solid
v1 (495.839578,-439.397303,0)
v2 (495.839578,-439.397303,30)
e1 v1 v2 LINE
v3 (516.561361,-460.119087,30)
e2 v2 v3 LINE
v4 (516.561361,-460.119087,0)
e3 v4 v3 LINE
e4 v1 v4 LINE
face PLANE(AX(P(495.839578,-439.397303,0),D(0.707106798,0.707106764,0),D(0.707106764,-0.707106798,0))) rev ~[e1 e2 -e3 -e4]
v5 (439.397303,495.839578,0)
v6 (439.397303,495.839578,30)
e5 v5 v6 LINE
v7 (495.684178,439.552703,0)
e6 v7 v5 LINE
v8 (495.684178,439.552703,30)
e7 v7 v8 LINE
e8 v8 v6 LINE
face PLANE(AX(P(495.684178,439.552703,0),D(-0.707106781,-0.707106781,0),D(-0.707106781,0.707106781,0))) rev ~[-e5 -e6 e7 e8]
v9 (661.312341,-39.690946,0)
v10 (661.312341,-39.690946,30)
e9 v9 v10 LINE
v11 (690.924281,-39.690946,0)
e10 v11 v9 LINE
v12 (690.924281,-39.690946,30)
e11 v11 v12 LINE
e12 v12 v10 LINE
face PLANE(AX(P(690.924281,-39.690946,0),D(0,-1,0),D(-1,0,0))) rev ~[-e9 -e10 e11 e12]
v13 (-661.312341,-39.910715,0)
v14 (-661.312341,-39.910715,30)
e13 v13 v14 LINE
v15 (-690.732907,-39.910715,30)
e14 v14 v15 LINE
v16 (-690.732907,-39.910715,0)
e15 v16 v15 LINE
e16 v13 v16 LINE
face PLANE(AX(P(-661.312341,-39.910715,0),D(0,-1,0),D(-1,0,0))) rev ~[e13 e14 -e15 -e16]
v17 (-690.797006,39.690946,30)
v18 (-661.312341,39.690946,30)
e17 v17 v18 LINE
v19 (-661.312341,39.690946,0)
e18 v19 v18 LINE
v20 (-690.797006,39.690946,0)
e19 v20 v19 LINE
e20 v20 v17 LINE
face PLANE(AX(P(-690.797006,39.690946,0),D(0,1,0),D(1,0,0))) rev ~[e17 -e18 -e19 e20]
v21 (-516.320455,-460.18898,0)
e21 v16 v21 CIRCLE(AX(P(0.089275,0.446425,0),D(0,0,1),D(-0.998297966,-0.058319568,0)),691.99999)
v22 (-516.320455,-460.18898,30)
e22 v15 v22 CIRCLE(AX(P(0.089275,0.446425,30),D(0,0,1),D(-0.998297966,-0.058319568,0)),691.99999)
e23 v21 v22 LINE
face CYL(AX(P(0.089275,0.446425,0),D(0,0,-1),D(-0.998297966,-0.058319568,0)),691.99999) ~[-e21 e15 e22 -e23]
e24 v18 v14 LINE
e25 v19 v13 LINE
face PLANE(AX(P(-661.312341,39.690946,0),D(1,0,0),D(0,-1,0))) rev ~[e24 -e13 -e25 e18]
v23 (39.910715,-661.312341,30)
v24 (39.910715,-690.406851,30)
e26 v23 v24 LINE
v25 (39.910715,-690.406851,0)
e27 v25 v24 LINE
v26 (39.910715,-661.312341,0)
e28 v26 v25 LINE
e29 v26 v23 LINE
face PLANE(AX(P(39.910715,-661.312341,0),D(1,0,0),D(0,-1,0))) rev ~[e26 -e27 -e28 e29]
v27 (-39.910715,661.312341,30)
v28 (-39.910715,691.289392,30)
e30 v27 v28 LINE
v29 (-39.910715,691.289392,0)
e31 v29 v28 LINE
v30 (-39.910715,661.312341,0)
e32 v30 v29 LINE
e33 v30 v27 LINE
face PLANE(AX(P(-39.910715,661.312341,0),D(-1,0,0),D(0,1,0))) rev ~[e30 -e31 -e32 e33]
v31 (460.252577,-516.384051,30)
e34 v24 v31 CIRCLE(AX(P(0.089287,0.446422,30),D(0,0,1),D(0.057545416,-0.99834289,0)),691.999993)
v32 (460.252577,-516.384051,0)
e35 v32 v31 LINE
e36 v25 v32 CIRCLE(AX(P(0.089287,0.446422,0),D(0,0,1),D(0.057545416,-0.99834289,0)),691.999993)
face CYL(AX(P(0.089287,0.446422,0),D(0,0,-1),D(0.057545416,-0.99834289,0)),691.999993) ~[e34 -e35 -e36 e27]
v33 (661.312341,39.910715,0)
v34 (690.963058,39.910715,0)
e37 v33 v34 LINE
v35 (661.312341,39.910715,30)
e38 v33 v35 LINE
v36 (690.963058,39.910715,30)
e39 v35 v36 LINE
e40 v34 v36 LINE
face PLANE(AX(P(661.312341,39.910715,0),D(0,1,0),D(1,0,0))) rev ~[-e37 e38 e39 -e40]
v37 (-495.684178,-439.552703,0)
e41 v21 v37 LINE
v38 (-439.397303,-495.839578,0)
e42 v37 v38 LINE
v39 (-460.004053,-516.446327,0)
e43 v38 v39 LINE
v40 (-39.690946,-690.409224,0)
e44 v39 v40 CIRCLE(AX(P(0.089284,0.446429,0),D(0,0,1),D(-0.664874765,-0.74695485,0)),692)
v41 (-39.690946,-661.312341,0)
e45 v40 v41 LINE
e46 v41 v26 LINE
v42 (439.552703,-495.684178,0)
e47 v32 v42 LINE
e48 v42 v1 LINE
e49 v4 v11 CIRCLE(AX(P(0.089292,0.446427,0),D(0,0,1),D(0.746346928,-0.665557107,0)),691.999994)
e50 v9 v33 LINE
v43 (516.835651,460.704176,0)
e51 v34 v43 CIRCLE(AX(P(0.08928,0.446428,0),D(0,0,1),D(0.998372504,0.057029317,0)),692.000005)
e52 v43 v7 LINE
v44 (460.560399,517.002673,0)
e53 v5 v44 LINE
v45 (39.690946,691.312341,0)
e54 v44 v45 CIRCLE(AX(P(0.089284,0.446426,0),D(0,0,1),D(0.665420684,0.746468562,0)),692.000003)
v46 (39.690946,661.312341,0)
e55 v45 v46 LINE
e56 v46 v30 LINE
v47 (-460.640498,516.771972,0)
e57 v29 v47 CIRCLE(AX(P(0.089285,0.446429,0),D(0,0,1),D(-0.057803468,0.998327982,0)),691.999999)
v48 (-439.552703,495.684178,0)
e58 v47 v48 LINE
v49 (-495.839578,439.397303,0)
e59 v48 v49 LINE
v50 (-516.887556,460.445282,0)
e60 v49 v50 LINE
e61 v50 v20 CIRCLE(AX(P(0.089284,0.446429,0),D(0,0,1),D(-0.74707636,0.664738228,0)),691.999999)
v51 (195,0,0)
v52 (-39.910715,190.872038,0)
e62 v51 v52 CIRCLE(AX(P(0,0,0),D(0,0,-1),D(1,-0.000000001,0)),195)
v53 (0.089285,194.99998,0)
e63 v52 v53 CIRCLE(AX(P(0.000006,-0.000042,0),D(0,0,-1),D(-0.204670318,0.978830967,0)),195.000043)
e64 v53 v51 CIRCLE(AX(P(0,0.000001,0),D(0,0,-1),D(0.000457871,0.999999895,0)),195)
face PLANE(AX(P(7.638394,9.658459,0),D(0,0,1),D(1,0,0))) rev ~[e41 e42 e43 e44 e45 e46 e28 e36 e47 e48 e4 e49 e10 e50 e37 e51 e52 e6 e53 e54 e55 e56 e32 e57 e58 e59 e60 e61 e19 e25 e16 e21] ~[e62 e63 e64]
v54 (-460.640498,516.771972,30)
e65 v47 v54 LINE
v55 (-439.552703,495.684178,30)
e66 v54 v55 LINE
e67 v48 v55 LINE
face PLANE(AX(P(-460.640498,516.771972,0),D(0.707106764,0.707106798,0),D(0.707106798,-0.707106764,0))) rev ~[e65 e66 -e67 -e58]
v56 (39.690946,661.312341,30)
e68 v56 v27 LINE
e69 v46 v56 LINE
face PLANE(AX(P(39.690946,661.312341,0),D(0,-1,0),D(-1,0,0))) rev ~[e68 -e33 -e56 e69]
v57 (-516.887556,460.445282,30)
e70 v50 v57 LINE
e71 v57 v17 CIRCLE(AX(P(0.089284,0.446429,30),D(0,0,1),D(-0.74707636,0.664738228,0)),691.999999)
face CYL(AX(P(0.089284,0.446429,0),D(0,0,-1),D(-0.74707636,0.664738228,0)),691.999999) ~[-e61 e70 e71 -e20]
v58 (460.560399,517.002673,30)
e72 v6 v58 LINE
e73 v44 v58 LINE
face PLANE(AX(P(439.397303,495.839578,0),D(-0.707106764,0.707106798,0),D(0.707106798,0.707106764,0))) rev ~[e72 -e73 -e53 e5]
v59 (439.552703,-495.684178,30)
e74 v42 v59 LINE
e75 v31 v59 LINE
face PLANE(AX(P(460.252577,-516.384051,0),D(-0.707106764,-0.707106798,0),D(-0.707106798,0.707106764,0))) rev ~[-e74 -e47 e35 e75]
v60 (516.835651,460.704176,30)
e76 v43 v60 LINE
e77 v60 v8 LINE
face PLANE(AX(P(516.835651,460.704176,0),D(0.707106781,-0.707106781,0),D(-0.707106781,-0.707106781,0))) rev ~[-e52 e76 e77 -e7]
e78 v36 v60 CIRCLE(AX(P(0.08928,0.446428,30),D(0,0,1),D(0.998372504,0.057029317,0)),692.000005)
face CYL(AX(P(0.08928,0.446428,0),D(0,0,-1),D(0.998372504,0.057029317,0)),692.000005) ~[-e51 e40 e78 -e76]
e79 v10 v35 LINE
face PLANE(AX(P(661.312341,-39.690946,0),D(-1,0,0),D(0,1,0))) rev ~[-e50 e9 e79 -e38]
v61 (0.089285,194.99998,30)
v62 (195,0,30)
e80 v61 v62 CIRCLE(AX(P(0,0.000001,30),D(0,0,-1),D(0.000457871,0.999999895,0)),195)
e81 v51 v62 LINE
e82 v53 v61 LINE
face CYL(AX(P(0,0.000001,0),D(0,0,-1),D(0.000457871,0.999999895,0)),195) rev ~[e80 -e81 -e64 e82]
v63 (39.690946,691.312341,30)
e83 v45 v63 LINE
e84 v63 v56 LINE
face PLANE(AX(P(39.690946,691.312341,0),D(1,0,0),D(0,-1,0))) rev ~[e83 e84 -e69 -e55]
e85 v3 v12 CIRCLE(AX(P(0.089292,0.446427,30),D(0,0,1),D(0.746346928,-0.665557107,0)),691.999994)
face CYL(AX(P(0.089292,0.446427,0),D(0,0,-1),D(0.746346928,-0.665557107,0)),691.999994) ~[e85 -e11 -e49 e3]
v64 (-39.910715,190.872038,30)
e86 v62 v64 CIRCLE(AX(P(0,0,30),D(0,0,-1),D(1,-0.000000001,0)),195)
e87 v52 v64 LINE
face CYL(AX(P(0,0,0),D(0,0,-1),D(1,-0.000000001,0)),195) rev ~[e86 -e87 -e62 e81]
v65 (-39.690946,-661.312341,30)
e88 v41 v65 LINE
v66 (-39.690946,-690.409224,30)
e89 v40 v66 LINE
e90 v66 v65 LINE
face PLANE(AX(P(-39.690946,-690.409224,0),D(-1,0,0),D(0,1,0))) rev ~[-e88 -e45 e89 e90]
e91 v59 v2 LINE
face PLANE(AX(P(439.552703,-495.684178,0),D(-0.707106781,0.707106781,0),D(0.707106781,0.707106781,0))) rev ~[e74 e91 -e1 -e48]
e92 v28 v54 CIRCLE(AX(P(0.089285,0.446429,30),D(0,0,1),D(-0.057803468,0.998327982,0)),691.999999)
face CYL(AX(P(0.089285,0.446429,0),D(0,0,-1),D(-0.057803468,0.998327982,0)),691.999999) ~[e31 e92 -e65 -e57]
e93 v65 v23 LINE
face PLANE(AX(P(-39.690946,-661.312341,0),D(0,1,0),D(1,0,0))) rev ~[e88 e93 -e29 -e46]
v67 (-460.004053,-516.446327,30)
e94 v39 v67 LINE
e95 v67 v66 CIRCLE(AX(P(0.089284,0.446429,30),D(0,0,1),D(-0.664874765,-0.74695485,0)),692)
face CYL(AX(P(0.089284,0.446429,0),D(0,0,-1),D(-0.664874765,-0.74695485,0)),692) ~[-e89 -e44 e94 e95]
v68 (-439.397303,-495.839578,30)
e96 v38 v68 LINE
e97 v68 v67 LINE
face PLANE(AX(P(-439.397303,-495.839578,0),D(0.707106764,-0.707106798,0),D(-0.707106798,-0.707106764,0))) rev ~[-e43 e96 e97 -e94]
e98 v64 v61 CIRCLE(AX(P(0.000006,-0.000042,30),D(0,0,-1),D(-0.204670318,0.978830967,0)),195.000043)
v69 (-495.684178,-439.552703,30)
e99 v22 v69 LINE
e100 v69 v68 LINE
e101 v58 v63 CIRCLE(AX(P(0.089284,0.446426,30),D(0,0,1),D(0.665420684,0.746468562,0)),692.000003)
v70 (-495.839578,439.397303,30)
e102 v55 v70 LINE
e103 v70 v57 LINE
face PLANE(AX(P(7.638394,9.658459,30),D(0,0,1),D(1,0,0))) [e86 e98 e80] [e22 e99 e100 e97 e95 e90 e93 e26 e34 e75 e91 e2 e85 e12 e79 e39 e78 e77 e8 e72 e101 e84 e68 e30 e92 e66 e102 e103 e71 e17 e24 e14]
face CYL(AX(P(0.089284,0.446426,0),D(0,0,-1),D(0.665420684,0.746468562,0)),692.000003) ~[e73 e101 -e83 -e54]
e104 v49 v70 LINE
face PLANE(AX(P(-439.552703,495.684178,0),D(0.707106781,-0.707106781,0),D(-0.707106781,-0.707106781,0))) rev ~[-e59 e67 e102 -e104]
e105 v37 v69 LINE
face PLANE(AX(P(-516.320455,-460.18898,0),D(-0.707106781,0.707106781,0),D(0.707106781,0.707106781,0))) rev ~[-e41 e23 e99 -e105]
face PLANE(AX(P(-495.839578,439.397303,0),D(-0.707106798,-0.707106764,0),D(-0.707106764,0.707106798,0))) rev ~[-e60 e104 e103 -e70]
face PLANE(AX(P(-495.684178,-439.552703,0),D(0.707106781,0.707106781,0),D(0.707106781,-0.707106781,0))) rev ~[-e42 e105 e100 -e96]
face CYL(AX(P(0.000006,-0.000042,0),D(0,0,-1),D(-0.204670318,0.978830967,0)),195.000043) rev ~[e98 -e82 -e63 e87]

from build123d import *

# Parameters (mm, degrees)
F1_DEPTH = 30


with BuildPart() as f1:
    # F0 (on Top) → F1 (new body)
    with BuildSketch(Plane.XY):
        with BuildLine():
            ThreePointArc((195, 0), (137.917386, 137.854252), (0.089285, 194.99998))
            ThreePointArc((0.089285, 194.99998), (-20.017406, 193.969852), (-39.910715, 190.872038))
            ThreePointArc((-39.910715, 190.872038), (-122.96831, -151.339997), (195, 0))
        make_face()
        with BuildLine():
            Line((-39.910715, 661.312341), (-39.910715, 691.289392))
            ThreePointArc((-39.910715, 691.289392), (-265.04589, 639.639153), (-460.640498, 516.771972))
            Line((-460.640498, 516.771972), (-439.552703, 495.684178))
            Line((-439.552703, 495.684178), (-495.839578, 439.397303))
            Line((-495.839578, 439.397303), (-516.887556, 460.445282))
            ThreePointArc((-516.887556, 460.445282), (-639.435452, 264.77976), (-690.797006, 39.690946))
            Line((-690.797006, 39.690946), (-661.312341, 39.690946))
            Line((-661.312341, 39.690946), (-661.312341, -39.910715))
            Line((-661.312341, -39.910715), (-690.732907, -39.910715))
            ThreePointArc((-690.732907, -39.910715), (-639.059125, -264.795556), (-516.320455, -460.18898))
            Line((-516.320455, -460.18898), (-495.684178, -439.552703))
            Line((-495.684178, -439.552703), (-439.397303, -495.839578))
            Line((-439.397303, -495.839578), (-460.004053, -516.446327))
            ThreePointArc((-460.004053, -516.446327), (-264.550411, -638.951594), (-39.690946, -690.409224))
            Line((-39.690946, -690.409224), (-39.690946, -661.312341))
            Line((-39.690946, -661.312341), (39.910715, -661.312341))
            Line((39.910715, -661.312341), (39.910715, -690.406851))
            ThreePointArc((39.910715, -690.406851), (264.791314, -638.925792), (460.252577, -516.384051))
            Line((460.252577, -516.384051), (439.552703, -495.684178))
            Line((439.552703, -495.684178), (495.839578, -439.397303))
            Line((495.839578, -439.397303), (516.561361, -460.119087))
            ThreePointArc((516.561361, -460.119087), (639.297817, -264.650635), (690.924281, -39.690946))
            Line((690.924281, -39.690946), (661.312341, -39.690946))
            Line((661.312341, -39.690946), (661.312341, 39.910715))
            Line((661.312341, 39.910715), (690.963058, 39.910715))
            ThreePointArc((690.963058, 39.910715), (639.505725, 265.041622), (516.835651, 460.704176))
            Line((516.835651, 460.704176), (495.684178, 439.552703))
            Line((495.684178, 439.552703), (439.397303, 495.839578))
            Line((439.397303, 495.839578), (460.560399, 517.002673))
            ThreePointArc((460.560399, 517.002673), (264.880071, 639.781896), (39.690946, 691.312341))
            Line((39.690946, 691.312341), (39.690946, 661.312341))
            Line((39.690946, 661.312341), (0.089285, 661.312341))
            Line((0.089285, 661.312341), (-39.910715, 661.312341))
        make_face()
        with BuildLine():
            ThreePointArc((-39.910715, 190.872038), (-20.017406, 193.969852), (0.089285, 194.99998))
            ThreePointArc((0.089285, 194.99998), (137.917386, 137.854252), (195, 0))
            ThreePointArc((195, 0), (-122.96831, -151.339997), (-39.910715, 190.872038))
        make_face(mode=Mode.SUBTRACT)
    extrude(amount=F1_DEPTH)


solid = f1.part
